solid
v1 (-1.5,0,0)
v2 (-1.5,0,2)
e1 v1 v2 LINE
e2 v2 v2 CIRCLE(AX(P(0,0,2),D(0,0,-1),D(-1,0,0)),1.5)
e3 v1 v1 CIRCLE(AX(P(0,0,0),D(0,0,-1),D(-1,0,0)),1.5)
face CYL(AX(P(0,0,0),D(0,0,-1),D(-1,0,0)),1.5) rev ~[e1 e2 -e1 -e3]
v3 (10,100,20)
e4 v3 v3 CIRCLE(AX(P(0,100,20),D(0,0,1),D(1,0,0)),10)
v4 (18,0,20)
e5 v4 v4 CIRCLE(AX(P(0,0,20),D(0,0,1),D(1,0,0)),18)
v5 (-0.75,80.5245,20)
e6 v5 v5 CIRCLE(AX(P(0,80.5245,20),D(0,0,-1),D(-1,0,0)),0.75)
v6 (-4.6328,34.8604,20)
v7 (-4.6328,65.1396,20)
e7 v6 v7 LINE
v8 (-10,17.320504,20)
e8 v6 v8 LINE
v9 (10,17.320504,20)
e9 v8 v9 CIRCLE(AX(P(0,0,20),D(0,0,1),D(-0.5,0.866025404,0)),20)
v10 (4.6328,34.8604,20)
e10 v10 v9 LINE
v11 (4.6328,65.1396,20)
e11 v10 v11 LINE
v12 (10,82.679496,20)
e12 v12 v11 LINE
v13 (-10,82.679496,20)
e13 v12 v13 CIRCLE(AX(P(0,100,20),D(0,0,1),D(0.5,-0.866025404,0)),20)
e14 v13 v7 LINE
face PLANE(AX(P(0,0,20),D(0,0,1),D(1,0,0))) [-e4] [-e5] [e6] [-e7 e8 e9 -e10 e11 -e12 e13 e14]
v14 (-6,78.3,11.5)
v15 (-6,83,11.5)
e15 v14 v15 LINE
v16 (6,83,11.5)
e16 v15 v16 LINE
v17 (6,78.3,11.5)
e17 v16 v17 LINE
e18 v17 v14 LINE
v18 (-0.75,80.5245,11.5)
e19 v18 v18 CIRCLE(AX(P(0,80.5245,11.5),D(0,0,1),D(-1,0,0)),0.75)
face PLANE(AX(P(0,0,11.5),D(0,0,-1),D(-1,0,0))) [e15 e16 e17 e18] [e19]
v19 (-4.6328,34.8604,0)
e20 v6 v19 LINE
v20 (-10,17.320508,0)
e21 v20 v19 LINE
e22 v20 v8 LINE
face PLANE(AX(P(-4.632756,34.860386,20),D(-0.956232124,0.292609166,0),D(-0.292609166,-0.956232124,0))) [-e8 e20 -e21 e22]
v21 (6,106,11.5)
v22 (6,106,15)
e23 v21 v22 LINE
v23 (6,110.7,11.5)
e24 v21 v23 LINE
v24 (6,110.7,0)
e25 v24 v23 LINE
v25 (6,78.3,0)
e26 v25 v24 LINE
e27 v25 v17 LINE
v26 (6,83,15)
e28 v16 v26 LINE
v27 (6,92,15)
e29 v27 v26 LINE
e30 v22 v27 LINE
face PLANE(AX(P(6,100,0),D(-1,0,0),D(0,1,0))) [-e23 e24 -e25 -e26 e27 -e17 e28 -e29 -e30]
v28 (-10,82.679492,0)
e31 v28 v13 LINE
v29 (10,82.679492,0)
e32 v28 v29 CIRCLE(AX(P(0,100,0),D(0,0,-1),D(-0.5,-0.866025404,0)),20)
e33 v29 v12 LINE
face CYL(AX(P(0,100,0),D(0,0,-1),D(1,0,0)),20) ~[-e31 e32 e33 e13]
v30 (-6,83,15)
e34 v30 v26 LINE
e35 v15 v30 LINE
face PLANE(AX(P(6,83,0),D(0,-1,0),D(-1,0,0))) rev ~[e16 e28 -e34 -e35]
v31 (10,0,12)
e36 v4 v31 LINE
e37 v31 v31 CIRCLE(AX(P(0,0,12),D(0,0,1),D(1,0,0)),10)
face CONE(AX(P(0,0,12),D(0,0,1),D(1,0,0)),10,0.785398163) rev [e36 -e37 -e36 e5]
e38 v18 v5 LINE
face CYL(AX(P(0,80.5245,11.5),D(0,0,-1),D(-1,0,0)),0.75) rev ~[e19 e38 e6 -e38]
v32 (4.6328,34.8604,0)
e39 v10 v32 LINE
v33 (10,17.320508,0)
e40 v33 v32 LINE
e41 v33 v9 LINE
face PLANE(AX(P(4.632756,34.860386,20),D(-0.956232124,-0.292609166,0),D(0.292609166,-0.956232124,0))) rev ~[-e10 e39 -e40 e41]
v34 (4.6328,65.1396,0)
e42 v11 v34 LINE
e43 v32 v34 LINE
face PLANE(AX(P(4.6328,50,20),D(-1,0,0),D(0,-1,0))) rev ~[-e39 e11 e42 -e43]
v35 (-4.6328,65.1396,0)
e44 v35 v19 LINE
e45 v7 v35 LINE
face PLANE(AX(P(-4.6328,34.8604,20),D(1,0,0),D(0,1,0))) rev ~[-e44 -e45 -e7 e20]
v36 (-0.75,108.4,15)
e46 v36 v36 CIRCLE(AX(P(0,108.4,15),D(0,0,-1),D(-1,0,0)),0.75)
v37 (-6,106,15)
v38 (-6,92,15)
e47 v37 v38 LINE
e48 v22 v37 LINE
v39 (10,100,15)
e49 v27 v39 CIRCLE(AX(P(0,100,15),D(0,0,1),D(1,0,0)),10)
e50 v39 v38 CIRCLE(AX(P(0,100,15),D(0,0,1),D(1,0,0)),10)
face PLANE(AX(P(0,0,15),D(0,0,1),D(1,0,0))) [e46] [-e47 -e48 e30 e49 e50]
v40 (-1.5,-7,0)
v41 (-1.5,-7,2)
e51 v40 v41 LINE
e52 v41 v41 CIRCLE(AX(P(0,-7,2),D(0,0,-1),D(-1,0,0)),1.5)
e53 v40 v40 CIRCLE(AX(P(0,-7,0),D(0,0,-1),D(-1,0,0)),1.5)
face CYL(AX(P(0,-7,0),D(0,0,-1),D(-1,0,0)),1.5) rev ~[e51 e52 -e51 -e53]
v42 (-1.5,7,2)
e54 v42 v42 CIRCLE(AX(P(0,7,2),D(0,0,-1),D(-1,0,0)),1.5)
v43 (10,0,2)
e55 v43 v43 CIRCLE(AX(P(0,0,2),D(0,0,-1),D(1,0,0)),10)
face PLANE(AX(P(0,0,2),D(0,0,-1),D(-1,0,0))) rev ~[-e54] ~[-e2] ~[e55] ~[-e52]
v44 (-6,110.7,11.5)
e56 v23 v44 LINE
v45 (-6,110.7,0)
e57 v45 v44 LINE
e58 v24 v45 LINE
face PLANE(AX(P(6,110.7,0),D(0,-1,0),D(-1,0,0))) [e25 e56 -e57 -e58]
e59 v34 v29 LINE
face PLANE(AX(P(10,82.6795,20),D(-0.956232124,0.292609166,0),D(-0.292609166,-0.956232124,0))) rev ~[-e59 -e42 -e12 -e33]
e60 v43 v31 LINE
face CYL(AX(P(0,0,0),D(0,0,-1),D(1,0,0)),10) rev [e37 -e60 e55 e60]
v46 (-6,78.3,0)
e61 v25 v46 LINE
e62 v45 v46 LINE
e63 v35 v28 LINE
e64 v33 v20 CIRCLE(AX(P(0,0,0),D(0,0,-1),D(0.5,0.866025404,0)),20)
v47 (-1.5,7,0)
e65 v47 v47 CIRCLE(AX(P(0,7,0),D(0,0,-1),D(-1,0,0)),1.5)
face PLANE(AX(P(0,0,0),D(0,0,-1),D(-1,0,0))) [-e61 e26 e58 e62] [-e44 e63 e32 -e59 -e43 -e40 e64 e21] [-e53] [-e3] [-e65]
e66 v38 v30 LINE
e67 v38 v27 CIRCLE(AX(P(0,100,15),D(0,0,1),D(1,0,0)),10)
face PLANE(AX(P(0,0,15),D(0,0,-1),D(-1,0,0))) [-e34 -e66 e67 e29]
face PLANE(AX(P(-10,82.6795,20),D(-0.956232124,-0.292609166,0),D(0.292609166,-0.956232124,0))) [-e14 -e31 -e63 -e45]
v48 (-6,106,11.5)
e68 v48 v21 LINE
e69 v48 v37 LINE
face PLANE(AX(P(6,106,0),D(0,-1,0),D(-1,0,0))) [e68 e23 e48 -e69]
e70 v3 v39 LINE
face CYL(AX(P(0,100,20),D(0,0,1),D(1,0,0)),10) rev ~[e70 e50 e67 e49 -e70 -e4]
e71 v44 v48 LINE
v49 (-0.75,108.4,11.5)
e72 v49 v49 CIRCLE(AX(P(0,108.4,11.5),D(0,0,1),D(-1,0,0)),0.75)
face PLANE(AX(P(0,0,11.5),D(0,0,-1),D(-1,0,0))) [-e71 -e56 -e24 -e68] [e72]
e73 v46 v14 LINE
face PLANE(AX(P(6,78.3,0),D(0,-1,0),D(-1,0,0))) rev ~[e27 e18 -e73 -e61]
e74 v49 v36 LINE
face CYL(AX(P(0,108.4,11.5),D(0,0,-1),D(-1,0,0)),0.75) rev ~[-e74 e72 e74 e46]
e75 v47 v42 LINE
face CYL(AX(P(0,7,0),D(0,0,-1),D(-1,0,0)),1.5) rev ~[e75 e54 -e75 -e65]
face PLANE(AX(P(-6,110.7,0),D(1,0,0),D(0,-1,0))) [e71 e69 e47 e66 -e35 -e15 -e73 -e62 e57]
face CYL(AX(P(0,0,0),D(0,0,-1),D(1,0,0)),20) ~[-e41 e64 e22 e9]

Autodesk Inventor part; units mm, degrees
ref_plane "YZ Plane" through (0, 0, 0) normal (1, 0, 0) x (0, 1, 0)
ref_plane "XZ Plane" through (0, 0, 0) normal (0, 1, 0) x (-1, 0, 0)
ref_plane "XY Plane" through (0, 0, 0) normal (0, 0, 1) x (1, 0, 0)
sketch "Sketch1" plane through (0, 0, 0) normal (0, 0, 1) x (1, 0, 0)
  circle A0 centre (0, 0) radius 10
  circle A1 centre (0, 0) radius 30
  line L0 (0, 0) -> (10, 0)
  line L1 (10, 0) -> (10, 100)
  line L2 (10, 100) -> (0, 100)
  line L3 (0, 100) -> (0, 0)
  line L4 (0, 100) -> (-10, 100)
  line L5 (-10, 100) -> (-10, 0)
  line L6 (-10, 0) -> (0, 0)
  line L7 (0, 0) -> (0, 100)
  circle A2 centre (0, 100) radius 30
  circle A3 centre (0, 100) radius 10
  circle A4 centre (0, 0) radius 20
  circle A5 centre (0, 100) radius 20
  point P0 (10, 17.3205)
  point P1 (10, 82.6795)
  point P2 (-10, 82.6795)
  point P3 (-10, 17.3205)
  dimension "d0" = 20
  dimension "d1" = 60
  dimension "d2" = 10
  dimension "d3" = 100
  dimension "d4" = 60
  dimension "d5" = 40
  dimension "d6" = 40
extrude "Extrusion1" add sketch "Sketch1" along normal blind 20 contours L5 A4 L3 A0 | A0 L1 A4 L5 | A0 L3 A4 L1 | L5 A1 L3 A4 | A4 L3 A1 L1 | L5 A2 L3 A1 | A1 L3 A2 L1 | L5 A5 L3 A2 | A2 L3 A5 L1 | A5 L1 A3 L5 | L5 A3 L3 A5 | A5 L3 A3 L1 | A3 L2 L4 | L4 L3 A3 | A3 L3 L2
sketch "Sketch2" plane through (0, 0, 20) normal (0, 0, 1) x (1, 0, 0)
  circle A0 centre (0, 100) radius 10
  point P0 (0, 0)
  dimension "d9" = 20
extrude "Extrusion2" cut sketch "Sketch2" against normal blind 5
sketch "Sketch3" plane through (0, 0, 0) normal (0, 0, -1) x (-1, 0, 0)
  line L0 (0, 100) -> (6, 100)
  line L1 (6, 100) -> (6, 83)
  line L2 (6, 83) -> (0, 83)
  line L3 (0, 83) -> (0, 100)
  line L4 (0, 100) -> (-6, 100)
  line L5 (-6, 100) -> (-6, 83)
  line L6 (-6, 83) -> (0, 83)
  line L7 (0, 83) -> (0, 100)
  line L8 (6, 100) -> (-6, 100)
  line L9 (-6, 100) -> (-6, 106)
  line L10 (-6, 106) -> (6, 106)
  line L11 (6, 106) -> (6, 100)
  point P0 (0, 0)
  dimension "d12" = 6
  dimension "d13" = 17
  dimension "d14" = 6
  dimension "d15" = 6
extrude "Extrusion3" cut sketch "Sketch3" against normal blind 15
sketch "Sketch4" plane through (0, 0, 0) normal (0, 0, -1) x (-1, 0, 0)
  line L0 (6, 83) -> (-6, 83)
  line L1 (-6, 83) -> (-6, 78.3)
  line L2 (-6, 78.3) -> (6, 78.3)
  line L3 (6, 78.3) -> (6, 83)
  line L4 (6, 106) -> (-6, 106) projected
  line L5 (6, 106) -> (-6, 106)
  line L6 (-6, 106) -> (-6, 110.7)
  line L7 (-6, 110.7) -> (6, 110.7)
  line L8 (6, 110.7) -> (6, 106)
  point P0 (0, 0)
  dimension "d18" = 12
  dimension "d19" = 4.7
  dimension "d20" = 4.7
extrude "Extrusion4" cut sketch "Sketch4" against normal blind 11.5
sketch "Sketch5" plane through (0, 0, 11.5) normal (0, 0, -1) x (-1, 0, 0)
  line L0 (6, 110.7) -> (6, 78.3) projected
  line L1 (-6, 78.3) -> (-6, 110.7) projected
  line L2 (6, 110.7) -> (-6, 110.7)
  line L3 (-6, 110.7) -> (-6, 108.4)
  line L4 (-6, 108.4) -> (6, 108.4)
  line L5 (6, 108.4) -> (6, 110.7)
  line L6 (6, 78.2245) -> (-6, 78.2245)
  line L7 (-6, 78.2245) -> (-6, 80.5245)
  line L8 (-6, 80.5245) -> (6, 80.5245)
  line L9 (6, 80.5245) -> (6, 78.2245)
  circle A0 centre (0, 108.4) radius 0.75
  circle A1 centre (0, 80.5245) radius 0.75
  point P0 (0, 0)
  dimension "d23" = 2.3
  dimension "d24" = 2.3
  dimension "d25" = 1.5
  dimension "d26" = 1.5
extrude "Extrusion5" cut sketch "Sketch5" against normal blind 48.975 contours A0 L4 | L4 A0 | A1 L8 | L8 A1
sketch "Sketch6" plane through (0, 0, 0) normal (0, 0, -1) x (-1, 0, 0)
  circle A0 centre (0, 0) radius 10
extrude "Extrusion6" add sketch "Sketch6" against normal blind 2
sketch "Sketch7" plane through (0, 0, 0) normal (0, 0, -1) x (-1, 0, 0)
  circle A0 centre (0, 0) radius 1.5
  circle A1 centre (0, 7) radius 1.5
  circle A2 centre (0, -7) radius 1.5
  dimension "d31" = 3
  dimension "d32" = 3
  dimension "d33" = 3
extrude "Extrusion7" cut sketch "Sketch7" against normal blind 10.7
chamfer "Chamfer1" distance 8 angle 45 1 edges at (-10, 0, 20)
sketch "Sketch8" plane through (0, 0, 20) normal (0, 0, 1) x (1, 0, 0)
  line L0 (-10, 82.6795) -> (-10, 17.3205) projected
  line L1 (10, 17.3205) -> (10, 82.6795) projected
  line L2 (-10, 82.6795) -> (10, 17.3205)
  line L3 (10, 17.3205) -> (10, 82.6795)
  arc A0 (-10, 17.3205) -> (10, 17.3205) centre (0, 0) ccw projected
  line L4 (10, 82.6795) -> (-10, 17.3205)
  line L5 (-10, 17.3205) -> (-10, 82.6795)
  line L6 (0, 50) -> (4.6328, 50)
  line L7 (4.6328, 50) -> (4.6328, 65.1396)
  line L8 (4.6328, 65.1396) -> (0, 65.1396)
  line L9 (0, 65.1396) -> (0, 50)
  line L10 (0, 50) -> (4.6328, 50)
  line L11 (4.6328, 50) -> (4.6328, 34.8604)
  line L12 (4.6328, 34.8604) -> (0, 34.8604)
  line L13 (0, 34.8604) -> (0, 50)
  line L14 (4.6328, 34.8604) -> (-4.6328, 34.8604)
  line L15 (-4.6328, 34.8604) -> (-4.6328, 65.1396)
  line L16 (-4.6328, 65.1396) -> (4.6328, 65.1396)
  line L17 (4.6328, 65.1396) -> (4.6328, 34.8604)
extrude "Extrusion8" cut sketch "Sketch8" against normal blind 38.5125 contours L2 L15 L4 L0 | L2 L11 L7 L4 L1
properties part number "2nd arm"
